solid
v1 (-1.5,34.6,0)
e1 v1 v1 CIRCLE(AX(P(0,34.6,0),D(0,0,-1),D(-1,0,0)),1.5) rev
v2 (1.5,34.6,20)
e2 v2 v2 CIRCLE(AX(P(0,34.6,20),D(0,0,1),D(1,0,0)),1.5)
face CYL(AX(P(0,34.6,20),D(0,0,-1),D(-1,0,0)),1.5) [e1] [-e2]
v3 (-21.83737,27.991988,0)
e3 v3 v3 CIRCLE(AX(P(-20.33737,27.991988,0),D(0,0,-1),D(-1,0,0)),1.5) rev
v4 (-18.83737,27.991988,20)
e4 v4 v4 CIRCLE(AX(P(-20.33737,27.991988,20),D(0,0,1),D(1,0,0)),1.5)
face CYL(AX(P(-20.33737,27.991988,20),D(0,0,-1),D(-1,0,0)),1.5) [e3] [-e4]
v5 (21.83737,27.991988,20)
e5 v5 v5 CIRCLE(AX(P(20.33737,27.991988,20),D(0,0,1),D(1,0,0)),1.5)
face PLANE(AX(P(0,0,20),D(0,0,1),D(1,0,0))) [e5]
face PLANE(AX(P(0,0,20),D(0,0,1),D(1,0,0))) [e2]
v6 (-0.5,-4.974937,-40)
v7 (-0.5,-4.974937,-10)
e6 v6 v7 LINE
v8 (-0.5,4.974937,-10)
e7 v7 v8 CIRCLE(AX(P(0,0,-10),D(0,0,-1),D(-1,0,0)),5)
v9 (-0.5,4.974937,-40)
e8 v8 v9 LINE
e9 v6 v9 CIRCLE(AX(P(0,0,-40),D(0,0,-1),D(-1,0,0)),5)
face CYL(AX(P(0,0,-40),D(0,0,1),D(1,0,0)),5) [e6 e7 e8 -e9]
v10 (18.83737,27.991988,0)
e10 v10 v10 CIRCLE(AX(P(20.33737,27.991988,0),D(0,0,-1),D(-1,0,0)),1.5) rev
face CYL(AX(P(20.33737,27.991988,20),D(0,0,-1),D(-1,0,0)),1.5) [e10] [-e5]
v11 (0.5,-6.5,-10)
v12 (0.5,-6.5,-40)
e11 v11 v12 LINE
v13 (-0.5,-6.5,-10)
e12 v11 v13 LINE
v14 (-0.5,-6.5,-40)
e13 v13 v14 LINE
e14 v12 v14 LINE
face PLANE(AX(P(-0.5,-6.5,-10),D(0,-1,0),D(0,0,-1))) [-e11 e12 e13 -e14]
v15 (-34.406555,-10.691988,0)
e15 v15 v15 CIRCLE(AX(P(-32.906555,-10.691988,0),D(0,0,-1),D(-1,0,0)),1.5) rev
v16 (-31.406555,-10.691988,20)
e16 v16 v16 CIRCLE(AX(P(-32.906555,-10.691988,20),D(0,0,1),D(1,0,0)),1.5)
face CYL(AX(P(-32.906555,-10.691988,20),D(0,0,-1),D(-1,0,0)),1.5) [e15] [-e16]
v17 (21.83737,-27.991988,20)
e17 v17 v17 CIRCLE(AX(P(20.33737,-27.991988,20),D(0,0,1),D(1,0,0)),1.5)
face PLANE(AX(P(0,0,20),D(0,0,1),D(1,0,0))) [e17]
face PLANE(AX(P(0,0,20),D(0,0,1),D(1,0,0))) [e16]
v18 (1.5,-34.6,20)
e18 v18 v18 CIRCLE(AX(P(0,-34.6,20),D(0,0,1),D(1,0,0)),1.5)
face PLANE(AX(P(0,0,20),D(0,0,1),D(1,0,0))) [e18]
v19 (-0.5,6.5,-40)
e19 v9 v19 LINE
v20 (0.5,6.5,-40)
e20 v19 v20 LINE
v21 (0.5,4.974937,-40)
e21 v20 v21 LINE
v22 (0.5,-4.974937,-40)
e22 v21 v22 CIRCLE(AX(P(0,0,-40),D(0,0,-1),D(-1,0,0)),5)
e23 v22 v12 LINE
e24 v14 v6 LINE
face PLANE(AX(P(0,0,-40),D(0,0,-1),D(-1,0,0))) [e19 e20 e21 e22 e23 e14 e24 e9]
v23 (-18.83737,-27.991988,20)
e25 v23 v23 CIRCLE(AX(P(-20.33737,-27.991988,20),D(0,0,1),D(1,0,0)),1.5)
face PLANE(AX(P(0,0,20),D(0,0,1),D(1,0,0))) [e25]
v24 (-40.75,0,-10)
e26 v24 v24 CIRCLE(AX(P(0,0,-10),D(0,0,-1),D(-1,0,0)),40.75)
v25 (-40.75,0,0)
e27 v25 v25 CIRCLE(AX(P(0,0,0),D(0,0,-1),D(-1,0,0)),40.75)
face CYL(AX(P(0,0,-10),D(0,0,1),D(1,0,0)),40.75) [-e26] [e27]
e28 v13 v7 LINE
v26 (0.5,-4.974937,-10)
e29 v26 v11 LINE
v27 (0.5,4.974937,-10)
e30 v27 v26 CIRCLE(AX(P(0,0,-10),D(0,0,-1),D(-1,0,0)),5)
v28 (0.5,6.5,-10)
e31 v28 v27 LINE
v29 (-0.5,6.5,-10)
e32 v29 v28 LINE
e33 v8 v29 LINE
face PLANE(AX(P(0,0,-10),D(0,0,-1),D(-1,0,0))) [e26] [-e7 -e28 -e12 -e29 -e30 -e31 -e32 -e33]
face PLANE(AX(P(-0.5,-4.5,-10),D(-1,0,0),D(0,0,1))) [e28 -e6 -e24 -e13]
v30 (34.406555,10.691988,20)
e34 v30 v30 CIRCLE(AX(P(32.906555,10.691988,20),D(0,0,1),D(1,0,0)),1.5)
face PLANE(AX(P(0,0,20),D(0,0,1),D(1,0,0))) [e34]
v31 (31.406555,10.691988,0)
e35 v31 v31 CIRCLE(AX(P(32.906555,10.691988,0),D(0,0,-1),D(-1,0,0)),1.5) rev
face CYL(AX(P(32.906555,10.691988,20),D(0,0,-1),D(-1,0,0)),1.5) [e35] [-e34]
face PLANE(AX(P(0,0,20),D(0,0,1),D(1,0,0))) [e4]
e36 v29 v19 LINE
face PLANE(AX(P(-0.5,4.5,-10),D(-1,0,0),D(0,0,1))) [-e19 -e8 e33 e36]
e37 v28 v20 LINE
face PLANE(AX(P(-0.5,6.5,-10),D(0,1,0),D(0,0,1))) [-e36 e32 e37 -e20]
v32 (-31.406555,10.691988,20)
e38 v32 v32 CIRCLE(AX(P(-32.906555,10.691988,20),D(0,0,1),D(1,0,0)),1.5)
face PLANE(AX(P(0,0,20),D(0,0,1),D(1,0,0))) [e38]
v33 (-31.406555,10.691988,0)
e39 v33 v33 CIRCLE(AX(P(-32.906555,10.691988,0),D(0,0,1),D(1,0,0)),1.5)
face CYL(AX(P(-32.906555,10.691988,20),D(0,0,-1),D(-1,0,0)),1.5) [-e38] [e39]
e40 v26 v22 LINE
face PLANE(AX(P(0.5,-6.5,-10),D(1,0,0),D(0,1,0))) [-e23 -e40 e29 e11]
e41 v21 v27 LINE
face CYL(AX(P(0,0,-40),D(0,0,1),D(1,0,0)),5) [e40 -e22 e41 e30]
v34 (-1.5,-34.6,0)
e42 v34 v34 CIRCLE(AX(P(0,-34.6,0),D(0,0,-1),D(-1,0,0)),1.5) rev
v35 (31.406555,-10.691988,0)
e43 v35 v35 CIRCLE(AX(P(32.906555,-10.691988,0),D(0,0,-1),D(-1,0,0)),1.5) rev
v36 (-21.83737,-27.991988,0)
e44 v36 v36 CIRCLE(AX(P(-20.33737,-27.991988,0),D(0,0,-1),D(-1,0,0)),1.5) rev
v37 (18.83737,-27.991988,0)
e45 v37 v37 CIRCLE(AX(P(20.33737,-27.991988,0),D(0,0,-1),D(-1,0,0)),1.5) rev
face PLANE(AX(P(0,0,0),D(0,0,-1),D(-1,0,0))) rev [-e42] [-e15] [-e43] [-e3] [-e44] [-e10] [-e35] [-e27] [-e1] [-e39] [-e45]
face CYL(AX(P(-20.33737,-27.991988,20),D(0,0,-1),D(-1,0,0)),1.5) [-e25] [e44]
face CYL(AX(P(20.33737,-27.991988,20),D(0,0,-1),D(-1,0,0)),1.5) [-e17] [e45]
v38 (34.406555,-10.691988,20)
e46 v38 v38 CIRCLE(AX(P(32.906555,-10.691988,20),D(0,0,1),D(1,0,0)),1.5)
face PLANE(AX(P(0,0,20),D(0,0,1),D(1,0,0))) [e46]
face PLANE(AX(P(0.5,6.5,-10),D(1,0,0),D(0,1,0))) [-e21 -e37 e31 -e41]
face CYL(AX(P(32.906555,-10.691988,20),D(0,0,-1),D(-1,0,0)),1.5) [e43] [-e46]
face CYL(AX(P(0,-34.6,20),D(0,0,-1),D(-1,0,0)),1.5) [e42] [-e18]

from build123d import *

# Parameters (mm, degrees)
SKETCH1_R              = 1.5
BOSS_EXTRUDE1_DEPTH    = 20
BOSS_EXTRUDE1_2_DEPTH  = 20
BOSS_EXTRUDE1_3_DEPTH  = 20
BOSS_EXTRUDE1_4_DEPTH  = 20
BOSS_EXTRUDE1_5_DEPTH  = 20
BOSS_EXTRUDE1_6_DEPTH  = 20
BOSS_EXTRUDE1_7_DEPTH  = 20
BOSS_EXTRUDE1_8_DEPTH  = 20
BOSS_EXTRUDE1_9_DEPTH  = 20
BOSS_EXTRUDE1_10_DEPTH = 20
SKETCH2_R              = 40.75
BOSS_EXTRUDE2_DEPTH    = 10
SKETCH3_R              = 5
BOSS_EXTRUDE3_DEPTH    = 30
SKETCH4_W              = 1
SKETCH4_H              = 2
BOSS_EXTRUDE4_DEPTH    = 30


with BuildPart() as part:
    # Sketch1 → Boss-Extrude1 (new body)
    with BuildSketch(Plane.XY):
        with Locations((0, 34.6)):
            Circle(SKETCH1_R)
    extrude(amount=BOSS_EXTRUDE1_DEPTH)



with BuildPart() as body_2:
    # Sketch1 → Boss-Extrude1 2 (new body)
    with BuildSketch(Plane.XY):
        with Locations((20.337369729, 27.991988005)):
            Circle(SKETCH1_R)
    extrude(amount=BOSS_EXTRUDE1_2_DEPTH)


with BuildPart() as body_3:
    # Sketch1 → Boss-Extrude1 3 (new body)
    with BuildSketch(Plane.XY):
        with Locations((32.906555464, 10.691988005)):
            Circle(SKETCH1_R)
    extrude(amount=BOSS_EXTRUDE1_3_DEPTH)


with BuildPart() as body_4:
    # Sketch1 → Boss-Extrude1 4 (new body)
    with BuildSketch(Plane.XY):
        with Locations((32.906555464, -10.691988005)):
            Circle(SKETCH1_R)
    extrude(amount=BOSS_EXTRUDE1_4_DEPTH)


with BuildPart() as body_5:
    # Sketch1 → Boss-Extrude1 5 (new body)
    with BuildSketch(Plane.XY):
        with Locations((20.337369729, -27.991988005)):
            Circle(SKETCH1_R)
    extrude(amount=BOSS_EXTRUDE1_5_DEPTH)


with BuildPart() as body_6:
    # Sketch1 → Boss-Extrude1 6 (new body)
    with BuildSketch(Plane.XY):
        with Locations((0, -34.6)):
            Circle(SKETCH1_R)
    extrude(amount=BOSS_EXTRUDE1_6_DEPTH)


with BuildPart() as body_7:
    # Sketch1 → Boss-Extrude1 7 (new body)
    with BuildSketch(Plane.XY):
        with Locations((-20.337369729, -27.991988005)):
            Circle(SKETCH1_R)
    extrude(amount=BOSS_EXTRUDE1_7_DEPTH)


with BuildPart() as body_8:
    # Sketch1 → Boss-Extrude1 8 (new body)
    with BuildSketch(Plane.XY):
        with Locations((-32.906555464, -10.691988005)):
            Circle(SKETCH1_R)
    extrude(amount=BOSS_EXTRUDE1_8_DEPTH)


with BuildPart() as body_9:
    # Sketch1 → Boss-Extrude1 9 (new body)
    with BuildSketch(Plane.XY):
        with Locations((-32.906555464, 10.691988005)):
            Circle(SKETCH1_R)
    extrude(amount=BOSS_EXTRUDE1_9_DEPTH)


with BuildPart() as body_10:
    # Sketch1 → Boss-Extrude1 10 (new body)
    with BuildSketch(Plane.XY):
        with Locations((-20.337369729, 27.991988005)):
            Circle(SKETCH1_R)
    extrude(amount=BOSS_EXTRUDE1_10_DEPTH)


with BuildPart() as part_1:
    add(part.part)

    add(body_2.part)  # Boss-Extrude2 merges body 2

    add(body_3.part)  # Boss-Extrude2 merges body 3

    add(body_4.part)  # Boss-Extrude2 merges body 4

    add(body_5.part)  # Boss-Extrude2 merges body 5

    add(body_6.part)  # Boss-Extrude2 merges body 6

    add(body_7.part)  # Boss-Extrude2 merges body 7

    add(body_8.part)  # Boss-Extrude2 merges body 8

    add(body_9.part)  # Boss-Extrude2 merges body 9

    add(body_10.part)  # Boss-Extrude2 merges body 10
    # Sketch2 → Boss-Extrude2 (add)
    with BuildSketch(Plane(origin=(0, 0, 0), x_dir=(-1, 0, 0), z_dir=(0, 0, -1))):
        Circle(SKETCH2_R)
    extrude(amount=BOSS_EXTRUDE2_DEPTH)

    # Sketch3 → Boss-Extrude3 (add)
    with BuildSketch(Plane(origin=(0, 0, -10), x_dir=(-1, 0, 0), z_dir=(0, 0, -1))):
        Circle(SKETCH3_R)
    extrude(amount=BOSS_EXTRUDE3_DEPTH)

    # Sketch4 → Boss-Extrude4 (add)
    with BuildSketch(Plane(origin=(0, 0, -40), x_dir=(-1, 0, 0), z_dir=(0, 0, -1))):
        with Locations((0, 5.5)):
            Rectangle(SKETCH4_W, SKETCH4_H)
        with Locations((0, -5.5)):
            Rectangle(SKETCH4_W, SKETCH4_H)
    extrude(amount=-BOSS_EXTRUDE4_DEPTH)


solid = part_1.part
